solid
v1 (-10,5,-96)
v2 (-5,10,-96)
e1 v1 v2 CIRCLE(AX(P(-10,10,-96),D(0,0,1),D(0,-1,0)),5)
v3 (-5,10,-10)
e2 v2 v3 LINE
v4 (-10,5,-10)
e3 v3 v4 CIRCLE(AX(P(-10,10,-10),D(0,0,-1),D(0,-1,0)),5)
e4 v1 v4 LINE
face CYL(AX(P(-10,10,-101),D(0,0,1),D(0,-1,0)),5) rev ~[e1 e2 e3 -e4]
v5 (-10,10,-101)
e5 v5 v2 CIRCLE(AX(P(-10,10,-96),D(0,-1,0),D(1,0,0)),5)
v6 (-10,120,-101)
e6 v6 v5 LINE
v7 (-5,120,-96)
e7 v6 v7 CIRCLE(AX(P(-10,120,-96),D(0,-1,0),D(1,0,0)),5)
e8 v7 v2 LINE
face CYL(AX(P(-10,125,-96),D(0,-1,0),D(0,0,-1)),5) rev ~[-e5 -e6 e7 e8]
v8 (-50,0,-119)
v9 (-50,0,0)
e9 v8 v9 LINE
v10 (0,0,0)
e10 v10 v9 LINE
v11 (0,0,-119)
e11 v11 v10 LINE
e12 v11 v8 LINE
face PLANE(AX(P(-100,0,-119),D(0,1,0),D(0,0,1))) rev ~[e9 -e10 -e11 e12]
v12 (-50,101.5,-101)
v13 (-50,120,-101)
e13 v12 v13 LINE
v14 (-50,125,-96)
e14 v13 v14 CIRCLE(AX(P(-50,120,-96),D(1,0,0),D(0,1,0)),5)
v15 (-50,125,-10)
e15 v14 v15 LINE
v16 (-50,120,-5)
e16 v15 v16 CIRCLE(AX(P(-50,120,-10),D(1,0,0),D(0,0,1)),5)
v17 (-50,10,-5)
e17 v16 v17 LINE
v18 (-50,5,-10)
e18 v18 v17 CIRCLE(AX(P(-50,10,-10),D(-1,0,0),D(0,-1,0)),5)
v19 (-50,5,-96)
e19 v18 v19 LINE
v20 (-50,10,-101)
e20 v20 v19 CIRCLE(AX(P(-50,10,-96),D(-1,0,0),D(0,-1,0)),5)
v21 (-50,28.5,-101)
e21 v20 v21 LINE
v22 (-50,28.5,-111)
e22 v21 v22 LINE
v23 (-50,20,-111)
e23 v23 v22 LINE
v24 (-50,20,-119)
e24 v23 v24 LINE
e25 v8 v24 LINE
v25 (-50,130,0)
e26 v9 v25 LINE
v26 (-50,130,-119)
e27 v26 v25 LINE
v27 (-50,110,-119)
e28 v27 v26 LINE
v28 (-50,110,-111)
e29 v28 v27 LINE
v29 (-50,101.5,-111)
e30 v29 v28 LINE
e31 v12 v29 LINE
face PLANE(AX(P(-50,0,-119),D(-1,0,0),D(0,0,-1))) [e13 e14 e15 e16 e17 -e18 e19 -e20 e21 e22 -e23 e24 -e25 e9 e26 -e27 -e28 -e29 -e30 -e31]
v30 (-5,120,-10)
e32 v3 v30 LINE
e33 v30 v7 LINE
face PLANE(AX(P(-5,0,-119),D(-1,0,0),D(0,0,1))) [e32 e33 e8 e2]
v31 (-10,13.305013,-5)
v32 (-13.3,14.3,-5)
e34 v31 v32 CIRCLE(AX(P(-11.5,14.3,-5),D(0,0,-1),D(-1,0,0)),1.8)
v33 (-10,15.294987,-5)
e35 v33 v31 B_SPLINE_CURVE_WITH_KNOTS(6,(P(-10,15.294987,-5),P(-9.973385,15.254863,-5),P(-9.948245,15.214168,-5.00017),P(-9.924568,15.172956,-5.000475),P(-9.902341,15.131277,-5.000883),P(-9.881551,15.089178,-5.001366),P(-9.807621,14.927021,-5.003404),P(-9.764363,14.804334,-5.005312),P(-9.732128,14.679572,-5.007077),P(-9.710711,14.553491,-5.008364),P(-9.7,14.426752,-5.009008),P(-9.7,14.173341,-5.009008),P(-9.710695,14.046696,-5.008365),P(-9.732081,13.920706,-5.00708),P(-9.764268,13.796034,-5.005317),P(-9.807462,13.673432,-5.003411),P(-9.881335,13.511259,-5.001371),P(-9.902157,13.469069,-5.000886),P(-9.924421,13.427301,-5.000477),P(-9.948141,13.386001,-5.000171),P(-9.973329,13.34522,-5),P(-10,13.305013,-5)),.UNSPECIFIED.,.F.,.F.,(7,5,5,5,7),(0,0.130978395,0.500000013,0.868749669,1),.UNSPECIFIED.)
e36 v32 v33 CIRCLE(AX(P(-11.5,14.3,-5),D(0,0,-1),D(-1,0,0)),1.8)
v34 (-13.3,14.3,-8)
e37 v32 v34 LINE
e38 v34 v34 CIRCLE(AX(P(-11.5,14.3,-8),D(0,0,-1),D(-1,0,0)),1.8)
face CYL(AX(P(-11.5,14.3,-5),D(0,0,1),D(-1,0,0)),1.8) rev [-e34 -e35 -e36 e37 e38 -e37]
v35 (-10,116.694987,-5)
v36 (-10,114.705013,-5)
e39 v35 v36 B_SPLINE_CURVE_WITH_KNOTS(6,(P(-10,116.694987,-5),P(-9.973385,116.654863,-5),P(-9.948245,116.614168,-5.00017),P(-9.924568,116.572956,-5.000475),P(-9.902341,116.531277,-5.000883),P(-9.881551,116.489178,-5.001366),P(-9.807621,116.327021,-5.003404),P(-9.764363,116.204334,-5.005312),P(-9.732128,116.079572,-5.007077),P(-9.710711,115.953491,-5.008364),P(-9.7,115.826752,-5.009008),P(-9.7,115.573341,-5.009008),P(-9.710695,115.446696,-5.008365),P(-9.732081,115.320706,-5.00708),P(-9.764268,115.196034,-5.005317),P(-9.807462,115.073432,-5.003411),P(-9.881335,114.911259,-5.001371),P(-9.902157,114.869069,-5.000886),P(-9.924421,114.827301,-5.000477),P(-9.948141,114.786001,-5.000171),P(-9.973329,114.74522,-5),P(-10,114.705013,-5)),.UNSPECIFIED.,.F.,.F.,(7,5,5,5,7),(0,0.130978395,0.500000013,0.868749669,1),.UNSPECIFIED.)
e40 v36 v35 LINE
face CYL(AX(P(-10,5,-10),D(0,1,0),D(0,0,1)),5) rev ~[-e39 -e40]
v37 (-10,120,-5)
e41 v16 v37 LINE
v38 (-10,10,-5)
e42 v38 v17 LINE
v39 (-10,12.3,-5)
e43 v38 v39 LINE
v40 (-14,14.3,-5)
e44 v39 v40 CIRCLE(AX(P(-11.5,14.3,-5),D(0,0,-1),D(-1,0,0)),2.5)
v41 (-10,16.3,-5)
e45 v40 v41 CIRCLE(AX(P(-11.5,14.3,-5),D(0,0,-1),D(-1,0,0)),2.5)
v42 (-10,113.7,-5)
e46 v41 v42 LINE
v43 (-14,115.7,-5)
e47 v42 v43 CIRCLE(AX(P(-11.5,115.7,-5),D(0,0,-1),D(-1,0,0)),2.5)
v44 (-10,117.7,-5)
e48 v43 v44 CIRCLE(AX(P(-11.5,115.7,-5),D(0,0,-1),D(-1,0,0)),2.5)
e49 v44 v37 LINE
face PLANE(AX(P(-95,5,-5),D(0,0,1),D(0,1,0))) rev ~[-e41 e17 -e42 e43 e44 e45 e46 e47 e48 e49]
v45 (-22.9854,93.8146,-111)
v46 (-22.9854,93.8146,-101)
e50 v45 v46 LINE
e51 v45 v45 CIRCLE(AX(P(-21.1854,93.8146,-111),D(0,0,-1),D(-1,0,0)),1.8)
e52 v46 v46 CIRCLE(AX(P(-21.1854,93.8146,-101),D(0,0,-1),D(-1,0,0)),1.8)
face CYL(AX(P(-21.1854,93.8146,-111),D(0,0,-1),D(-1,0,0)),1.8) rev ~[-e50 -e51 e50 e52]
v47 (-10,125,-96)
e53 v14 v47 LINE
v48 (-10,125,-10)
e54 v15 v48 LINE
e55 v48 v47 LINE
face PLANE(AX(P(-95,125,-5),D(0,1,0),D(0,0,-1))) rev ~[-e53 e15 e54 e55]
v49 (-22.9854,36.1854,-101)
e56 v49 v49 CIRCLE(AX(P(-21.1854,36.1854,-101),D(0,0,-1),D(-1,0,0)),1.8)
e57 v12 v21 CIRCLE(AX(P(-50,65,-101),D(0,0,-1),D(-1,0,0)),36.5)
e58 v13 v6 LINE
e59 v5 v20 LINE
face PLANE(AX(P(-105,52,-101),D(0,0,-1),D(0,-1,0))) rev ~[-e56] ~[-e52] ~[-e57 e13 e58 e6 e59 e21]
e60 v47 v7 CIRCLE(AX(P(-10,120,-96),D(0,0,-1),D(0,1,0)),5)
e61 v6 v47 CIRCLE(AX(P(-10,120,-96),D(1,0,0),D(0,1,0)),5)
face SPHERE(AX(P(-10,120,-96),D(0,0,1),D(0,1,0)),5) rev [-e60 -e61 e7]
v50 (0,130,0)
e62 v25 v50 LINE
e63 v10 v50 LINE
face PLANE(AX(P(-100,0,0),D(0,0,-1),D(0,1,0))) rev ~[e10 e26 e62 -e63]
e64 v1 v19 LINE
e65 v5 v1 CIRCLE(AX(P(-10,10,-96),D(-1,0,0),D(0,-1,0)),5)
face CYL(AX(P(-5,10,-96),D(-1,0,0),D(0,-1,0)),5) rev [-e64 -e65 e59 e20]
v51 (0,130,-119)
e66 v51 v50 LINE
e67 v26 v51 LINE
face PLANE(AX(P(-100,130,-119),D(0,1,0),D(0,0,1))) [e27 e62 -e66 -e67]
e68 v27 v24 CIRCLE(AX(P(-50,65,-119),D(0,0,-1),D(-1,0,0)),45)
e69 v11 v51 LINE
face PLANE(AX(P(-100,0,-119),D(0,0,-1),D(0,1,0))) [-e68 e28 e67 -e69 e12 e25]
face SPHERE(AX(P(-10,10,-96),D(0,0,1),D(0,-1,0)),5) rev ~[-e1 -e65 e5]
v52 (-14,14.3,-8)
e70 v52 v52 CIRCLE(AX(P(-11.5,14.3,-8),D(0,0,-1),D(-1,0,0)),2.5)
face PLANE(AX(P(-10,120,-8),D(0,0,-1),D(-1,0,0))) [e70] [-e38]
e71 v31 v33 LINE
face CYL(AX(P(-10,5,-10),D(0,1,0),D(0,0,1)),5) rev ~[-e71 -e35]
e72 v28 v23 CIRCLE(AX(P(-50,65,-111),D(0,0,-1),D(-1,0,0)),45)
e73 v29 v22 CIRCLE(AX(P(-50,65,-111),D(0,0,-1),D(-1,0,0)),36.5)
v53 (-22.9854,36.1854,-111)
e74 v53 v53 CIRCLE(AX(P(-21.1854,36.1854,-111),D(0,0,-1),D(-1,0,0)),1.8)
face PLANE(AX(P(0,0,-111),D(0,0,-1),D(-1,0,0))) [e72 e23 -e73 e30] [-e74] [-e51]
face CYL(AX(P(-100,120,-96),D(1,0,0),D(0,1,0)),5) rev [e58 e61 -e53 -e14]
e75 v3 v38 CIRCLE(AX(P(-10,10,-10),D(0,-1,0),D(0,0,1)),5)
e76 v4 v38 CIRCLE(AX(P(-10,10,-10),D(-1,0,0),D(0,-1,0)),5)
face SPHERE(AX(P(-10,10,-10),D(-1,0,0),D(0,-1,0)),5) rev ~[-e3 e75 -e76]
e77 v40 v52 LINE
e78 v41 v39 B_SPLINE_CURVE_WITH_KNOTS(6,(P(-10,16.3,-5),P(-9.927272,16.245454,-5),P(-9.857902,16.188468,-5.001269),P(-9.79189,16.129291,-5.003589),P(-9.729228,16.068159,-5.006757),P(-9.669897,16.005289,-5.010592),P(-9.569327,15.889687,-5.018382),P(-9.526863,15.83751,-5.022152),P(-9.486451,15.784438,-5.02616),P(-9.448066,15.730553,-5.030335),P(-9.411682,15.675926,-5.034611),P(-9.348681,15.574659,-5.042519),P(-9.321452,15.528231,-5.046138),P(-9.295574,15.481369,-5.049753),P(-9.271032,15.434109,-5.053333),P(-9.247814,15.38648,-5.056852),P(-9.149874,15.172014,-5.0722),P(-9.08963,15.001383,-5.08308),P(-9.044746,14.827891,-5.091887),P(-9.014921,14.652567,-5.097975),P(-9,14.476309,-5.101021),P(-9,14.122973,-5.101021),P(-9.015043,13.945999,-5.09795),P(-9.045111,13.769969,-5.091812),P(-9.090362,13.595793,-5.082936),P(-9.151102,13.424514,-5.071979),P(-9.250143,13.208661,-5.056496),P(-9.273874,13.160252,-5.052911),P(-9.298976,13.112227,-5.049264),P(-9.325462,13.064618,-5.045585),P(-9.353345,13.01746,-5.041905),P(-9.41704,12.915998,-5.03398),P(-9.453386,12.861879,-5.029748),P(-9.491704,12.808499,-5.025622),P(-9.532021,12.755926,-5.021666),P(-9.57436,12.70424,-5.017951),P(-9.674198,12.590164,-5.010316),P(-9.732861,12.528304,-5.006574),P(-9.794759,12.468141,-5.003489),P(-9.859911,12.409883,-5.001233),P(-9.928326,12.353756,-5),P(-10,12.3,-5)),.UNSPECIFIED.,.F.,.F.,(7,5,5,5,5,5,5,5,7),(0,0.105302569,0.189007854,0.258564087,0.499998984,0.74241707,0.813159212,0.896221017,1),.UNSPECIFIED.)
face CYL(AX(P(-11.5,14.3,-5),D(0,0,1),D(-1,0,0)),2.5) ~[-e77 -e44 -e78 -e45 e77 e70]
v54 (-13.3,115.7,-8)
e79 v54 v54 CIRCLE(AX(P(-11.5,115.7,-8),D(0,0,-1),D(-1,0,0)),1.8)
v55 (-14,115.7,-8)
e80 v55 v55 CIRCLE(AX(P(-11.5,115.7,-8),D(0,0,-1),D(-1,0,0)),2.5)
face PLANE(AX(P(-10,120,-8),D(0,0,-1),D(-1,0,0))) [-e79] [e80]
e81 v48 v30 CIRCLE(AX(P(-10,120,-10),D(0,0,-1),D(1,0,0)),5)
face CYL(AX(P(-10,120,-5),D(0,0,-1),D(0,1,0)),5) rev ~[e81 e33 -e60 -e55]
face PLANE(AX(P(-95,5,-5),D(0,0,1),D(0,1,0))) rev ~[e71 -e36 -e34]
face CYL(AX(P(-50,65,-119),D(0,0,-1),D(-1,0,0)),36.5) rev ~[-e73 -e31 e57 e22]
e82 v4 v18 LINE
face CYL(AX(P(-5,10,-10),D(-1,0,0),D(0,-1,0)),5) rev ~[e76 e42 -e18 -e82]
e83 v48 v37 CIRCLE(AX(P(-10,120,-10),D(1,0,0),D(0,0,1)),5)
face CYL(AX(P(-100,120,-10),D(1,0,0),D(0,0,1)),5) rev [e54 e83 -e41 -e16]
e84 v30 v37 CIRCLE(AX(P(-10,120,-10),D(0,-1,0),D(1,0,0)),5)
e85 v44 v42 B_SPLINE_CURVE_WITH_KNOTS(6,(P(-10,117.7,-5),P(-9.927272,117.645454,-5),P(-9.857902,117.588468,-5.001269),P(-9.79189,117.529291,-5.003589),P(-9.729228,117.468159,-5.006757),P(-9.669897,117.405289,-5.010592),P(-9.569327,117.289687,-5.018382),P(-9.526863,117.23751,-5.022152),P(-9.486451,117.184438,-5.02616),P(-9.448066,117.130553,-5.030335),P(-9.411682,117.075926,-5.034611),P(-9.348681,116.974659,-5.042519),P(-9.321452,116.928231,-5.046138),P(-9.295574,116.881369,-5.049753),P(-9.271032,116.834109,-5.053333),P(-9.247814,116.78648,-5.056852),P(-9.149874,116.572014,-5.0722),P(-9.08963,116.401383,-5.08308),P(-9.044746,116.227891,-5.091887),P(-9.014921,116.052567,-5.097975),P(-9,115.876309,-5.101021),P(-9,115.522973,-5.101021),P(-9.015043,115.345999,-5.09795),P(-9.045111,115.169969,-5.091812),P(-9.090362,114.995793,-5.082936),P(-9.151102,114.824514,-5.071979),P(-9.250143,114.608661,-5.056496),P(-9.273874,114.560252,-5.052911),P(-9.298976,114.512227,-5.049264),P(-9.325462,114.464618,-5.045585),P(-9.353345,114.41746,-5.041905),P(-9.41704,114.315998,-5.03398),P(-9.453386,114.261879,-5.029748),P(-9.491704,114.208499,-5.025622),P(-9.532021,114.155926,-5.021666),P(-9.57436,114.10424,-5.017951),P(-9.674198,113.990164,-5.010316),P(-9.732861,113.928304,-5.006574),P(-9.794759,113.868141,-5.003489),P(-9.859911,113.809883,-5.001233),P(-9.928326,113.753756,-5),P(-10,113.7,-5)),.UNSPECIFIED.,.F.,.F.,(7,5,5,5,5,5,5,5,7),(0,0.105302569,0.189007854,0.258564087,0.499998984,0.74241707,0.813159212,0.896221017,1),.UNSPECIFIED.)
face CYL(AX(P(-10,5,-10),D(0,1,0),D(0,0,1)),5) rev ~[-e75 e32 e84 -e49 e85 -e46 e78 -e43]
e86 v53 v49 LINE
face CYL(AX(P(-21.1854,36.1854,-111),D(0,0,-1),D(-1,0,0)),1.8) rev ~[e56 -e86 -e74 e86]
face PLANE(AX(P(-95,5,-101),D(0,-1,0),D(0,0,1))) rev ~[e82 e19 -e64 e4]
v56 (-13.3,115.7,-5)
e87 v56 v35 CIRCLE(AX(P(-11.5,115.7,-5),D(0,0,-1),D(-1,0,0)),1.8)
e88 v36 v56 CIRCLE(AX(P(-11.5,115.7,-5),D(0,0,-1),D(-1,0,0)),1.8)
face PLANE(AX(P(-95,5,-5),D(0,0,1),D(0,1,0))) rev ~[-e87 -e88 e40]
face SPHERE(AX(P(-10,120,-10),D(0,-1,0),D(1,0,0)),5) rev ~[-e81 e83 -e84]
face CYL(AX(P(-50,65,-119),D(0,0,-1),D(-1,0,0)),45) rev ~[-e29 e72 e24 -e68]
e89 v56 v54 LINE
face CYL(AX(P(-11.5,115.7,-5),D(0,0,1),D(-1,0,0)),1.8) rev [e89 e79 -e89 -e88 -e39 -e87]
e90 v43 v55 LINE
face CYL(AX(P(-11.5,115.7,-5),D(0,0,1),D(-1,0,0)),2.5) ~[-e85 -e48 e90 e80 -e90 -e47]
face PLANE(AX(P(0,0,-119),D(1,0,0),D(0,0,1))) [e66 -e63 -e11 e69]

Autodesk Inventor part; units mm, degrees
ref_plane "YZ Plane" through (0, 0, 0) normal (1, 0, 0) x (0, 1, 0)
ref_plane "XZ Plane" through (0, 0, 0) normal (0, 1, 0) x (-1, 0, 0)
sketch "Sketch1" plane through (0, 0, 0) normal (0, 1, 0) x (-1, 0, 0)
  line L0 (0, 0) -> (100, 0)
  line L1 (100, 0) -> (100, -119)
  line L2 (100, -119) -> (0, -119)
  line L3 (0, -119) -> (0, 0)
  dimension "d0" = 119
  dimension "d1" = 100
extrude "Extrusion1" add sketch "Sketch1" along normal blind 130
sketch "Sketch2" plane through (0, 0, -119) normal (0, 0, -1) x (-1, 0, 0)
  circle A0 centre (50, 65) radius 45
  line L0 (100, 0) -> (100, 130) projected
  line L1 (0, 0) -> (0, 130) projected
  line L2 (0, 0) -> (100, 0) projected
  line L3 (0, 130) -> (100, 130) projected
  circle A1 centre (50, 65) radius 36.5
  circle A2 centre (28.0236, 99.1226) radius 1.9
  line L4 (25.6342, 102.8326) -> (74.3658, 27.1674) construction
  line L5 (12.1674, 40.6342) -> (87.8326, 89.3658) construction
  dimension "d6" = 90
  dimension "d7" = 100
  dimension "d8" = 50
  dimension "d9" = 65
  dimension "d10" = 130
  dimension "d11" = 73
  dimension "d12" = 3.8
extrude "Extrusion2" cut sketch "Sketch2" against normal blind 8 contours A0 | A1 | A2
extrude "Extrusion3" cut sketch "Sketch2" against normal blind 18 contours A1
ref_plane "Work Plane1" through (-95, 0, -119) normal (-1, 0, 0) x (0, 0, 1)
sketch "Sketch3" plane through (-95, 0, -119) normal (-1, 0, 0) x (0, 0, 1)
  line L0 (18, 28.5) -> (18, 101.5) projected
  line L1 (119, 130) -> (119, 0) projected
  line L2 (119, 0) -> (0, 0) projected
  line L3 (0, 0) -> (0, 65) projected
  line L4 (8, 65) -> (0, 65) projected
  line L5 (0, 130) -> (119, 130) projected
  line L6 (0, 65) -> (0, 130) projected
  line L7 (114, 125) -> (18, 125)
  line L8 (18, 125) -> (18, 5)
  line L9 (18, 5) -> (114, 5)
  line L10 (114, 5) -> (114, 125)
  dimension "d16" = 5
  dimension "d17" = 5
  dimension "d18" = 5
extrude "Extrusion4" cut sketch "Sketch3" against normal blind 90 and the other way blind 90 contours L0 L8 L7 L10 L9
fillet "Fillet1" radius 5 8 edges at (-52.5, 5, -5) (-5, 5, -53) (-5, 65, -5) (-5, 125, -53) (-52.5, 125, -5) (-52.5, 5, -101) (-52.5, 125, -101) (-5, 65, -101)
sketch "Sketch8" plane through (-100, 0, -119) normal (-1, 0, 0) x (0, 0, 1)
  point P0 (119, 0)
sketch "Sketch10" plane through (-100, 0, -119) normal (-1, 0, 0) x (0, 0, 1)
  line L0 (0, 0) -> (119, 0) projected
  line L1 (119, 0) -> (119, 130) projected
  line L2 (0, 130) -> (119, 130) projected
  line L3 (0, 0) -> (0, 130) projected
extrude "Extrusion10" add sketch "Sketch10" along normal blind 5
sketch "Sketch12" plane through (0, 130, 0) normal (0, 1, 0) x (1, 0, 0)
  line L0 (0, 119) -> (-105, 119) projected
  line L1 (-105, 0) -> (-105, 119) projected
  line L2 (0, 0) -> (-105, 0) projected
  line L3 (0, 0) -> (0, 119) projected
  line L4 (-105, 0) -> (-100, 0)
  line L5 (-100, 0) -> (-100, 119)
  line L6 (-100, 119) -> (-105, 119)
  line L7 (-105, 119) -> (-105, 0)
  line L8 (-100, 20) -> (-105, 25)
  line L9 (-105, 40) -> (-100, 45)
  line L10 (-105, 94) -> (-100, 99)
  line L11 (-100, 74) -> (-105, 79)
  dimension "d82" = 119
  dimension "d86" = 5
  dimension "d87" = 45
  dimension "d88" = 45
  dimension "d90" = 45
  dimension "d91" = 45
  dimension "d92" = 20
  dimension "d93" = 25
  dimension "d94" = 20
  dimension "d95" = 25
extrude "Extrusion11" cut sketch "Sketch12" against normal blind 127 contours L5 L11 L1 L10 | L8 L1 L9 L5
fillet "Fillet2" radius 1 8 edges at (-105, 66.5, -25) (-100, 127.5, -20) (-105, 66.5, -40) (-100, 127.5, -45) (-105, 66.5, -79) (-100, 127.5, -74) (-105, 66.5, -94) (-100, 127, -99)
sketch "Sketch13" plane through (-10, 120, -5) normal (0, 0, -1) x (-1, 0, 0)
  line L0 (82.5, 0) -> (-2.5, 0)
  line L1 (-2.5, 0) -> (-2.5, -110)
  line L2 (-2.5, -110) -> (82.5, -110)
  line L3 (82.5, -110) -> (82.5, 0)
  line L4 (-5, 0) -> (-5, -110) projected
  line L5 (85, -110) -> (85, 0) projected
  circle A0 centre (78.5, -4.3) radius 1.8
  circle A1 centre (78.5, -4.3) radius 2.5
  line L6 (78.5, -4.3) -> (78.5, -140.0823) construction
  line L7 (78.5, -4.3) -> (-34.9987, -4.3) construction
  line L8 (1.5, 27.6777) -> (1.5, -220.2724) construction
  line L9 (-45.8754, -105.7) -> (99.6232, -105.7) construction
  line L10 (80, 5) -> (0, 5) construction
  line L11 (0, -115) -> (80, -115) construction
  circle A2 centre (78.5, -105.7) radius 1.8
  circle A3 centre (78.5, -105.7) radius 2.5
  circle A4 centre (1.5, -105.7) radius 1.8
  circle A5 centre (1.5, -105.7) radius 2.5
  circle A6 centre (1.5, -4.3) radius 1.8
  circle A7 centre (1.5, -4.3) radius 2.5
  point P0 (-10, -120)
  dimension "d97" = 85
  dimension "d98" = 110
  dimension "d99" = 90
  dimension "d100" = 2.5
  dimension "d101" = 4
  dimension "d102" = 4.3
  dimension "d103" = 3.6
  dimension "d104" = 5
  dimension "d105" = 4.3
  dimension "d107" = 120
  dimension "d108" = 5
  dimension "d109" = 4
  dimension "d110" = 3.6
  dimension "d111" = 5
  dimension "d112" = 3.6
  dimension "d113" = 5
  dimension "d114" = 3.6
  dimension "d115" = 5
extrude "Extrusion12" add sketch "Sketch13" along normal blind 3 contours A1 | A3 | A5 | A7
sketch "Sketch14" plane through (-105, 0, -119) normal (-1, 0, 0) x (0, 0, 1)
  line L0 (19.5, 52) -> (19.5, 34) construction
  line L1 (18, 52) -> (18, 34)
  line L2 (21, 34) -> (21, 52)
  arc A0 (21, 52) -> (18, 52) centre (19.5, 52) ccw
  arc A1 (18, 34) -> (21, 34) centre (19.5, 34) ccw
  line L3 (0, 130) -> (0, 0) projected
  line L4 (0, 0) -> (119, 0) projected
  point P0 (19.5, 43)
  dimension "d118" = 18
  dimension "d119" = 3
  dimension "d121" = 18
  dimension "d122" = 34
extrude "Extrusion13" cut sketch "Sketch14" against normal blind 20
sketch "Sketch15" plane through (-50, 65, -111) normal (0, 0, -1) x (-1, 0, 0)
  circle A0 centre (0, 0) radius 45 construction
  line L0 (31.8198, 31.8198) -> (-31.8198, -31.8198) construction
  line L1 (31.8198, -31.8198) -> (-31.8198, 31.8198) construction
  circle A1 centre (0, 0) radius 36.5 construction
  circle A2 centre (0, 0) radius 40.75 construction
  line L2 (0, -45) -> (0, 45) construction
  line L3 (-40, -60) -> (40, -60) construction
  circle A3 centre (28.8146, 28.8146) radius 1.8
  circle A4 centre (-28.8146, 28.8146) radius 1.8
  circle A5 centre (28.8146, -28.8146) radius 1.8
  circle A6 centre (-28.8146, -28.8146) radius 1.8
  point P0 (-50, -65)
  dimension "d125" = 45
  dimension "d126" = 73
  dimension "d129" = 90
  dimension "d130" = 4.25
  dimension "d131" = 3.6
  dimension "d135" = 3.6
  dimension "d136" = 3.6
  dimension "d137" = 3.6
extrude "Extrusion14" cut sketch "Sketch15" against normal blind 40
ref_plane "Work Plane2" through (-50, 0, -119) normal (-1, 0, 0) x (0, 0, 1)
split "Split1" plane through (-50, 0, -119) removes the side toward (-1, 0, 0)
sketch "Sketch18" plane through (-50, 0, -119) normal (-1, 0, 0) x (0, 0, 1)
  line L0 (8, 110) -> (0, 110) projected
  line L1 (8, 101.5) -> (8, 110) projected
  line L2 (18, 101.5) -> (8, 101.5) projected
  line L3 (18, 120) -> (18, 101.5) projected
  arc A0 (23, 125) -> (18, 120) centre (23, 120) ccw projected
  line L4 (109, 125) -> (23, 125) projected
  arc A1 (114, 120) -> (109, 125) centre (109, 120) ccw projected
  line L5 (114, 10) -> (114, 120) projected
  arc A2 (109, 5) -> (114, 10) centre (109, 10) ccw projected
  line L6 (23, 5) -> (109, 5) projected
  arc A3 (18, 10) -> (23, 5) centre (23, 10) ccw projected
  line L7 (18, 28.5) -> (18, 10) projected
  line L8 (8, 28.5) -> (18, 28.5) projected
  line L9 (8, 20) -> (8, 28.5) projected
  line L10 (0, 20) -> (8, 20) projected
  line L11 (0, 0) -> (0, 20) projected
  line L12 (119, 0) -> (0, 0) projected
  line L13 (119, 130) -> (119, 0) projected
  line L14 (0, 130) -> (119, 130) projected
  line L15 (0, 110) -> (0, 130) projected
  line L16 (117.7, 1.3) -> (1.3, 1.3)
  line L17 (1.3, 1.3) -> (1.3, 18.7)
  line L18 (1.3, 18.7) -> (9.3, 18.7)
  line L19 (9.3, 18.7) -> (9.3, 27.2)
  line L20 (9.3, 27.2) -> (16.7, 27.2)
  line L21 (16.7, 27.2) -> (16.7, 10)
  arc A4 (16.7, 10) -> (23, 3.7) centre (23, 10) ccw
  line L22 (23, 3.7) -> (109, 3.7)
  arc A5 (109, 3.7) -> (115.3, 10) centre (109, 10) ccw
  line L23 (115.3, 10) -> (115.3, 120)
  arc A6 (115.3, 120) -> (109, 126.3) centre (109, 120) ccw
  line L24 (109, 126.3) -> (23, 126.3)
  arc A7 (23, 126.3) -> (16.7, 120) centre (23, 120) ccw
  line L25 (16.7, 120) -> (16.7, 102.8)
  line L26 (16.7, 102.8) -> (9.3, 102.8)
  line L27 (9.3, 102.8) -> (9.3, 111.3)
  line L28 (9.3, 111.3) -> (1.3, 111.3)
  line L29 (1.3, 111.3) -> (1.3, 128.7)
  line L30 (1.3, 128.7) -> (117.7, 128.7)
  line L31 (117.7, 128.7) -> (117.7, 1.3)
  dimension "d140" = 1.3
equation "\"d8\" = 0.5 * d7"
equation "\"d9\" = 0.5 * d10"
equation "\"d100\" = -0.5 * d97 + 0.5 * d99"
equation "\"d108\" = -0.5 * d98 + 0.5 * d107"
equation "\"d130\" = -0.25 * d126 + 0.25 * d129"
equation "\"d135\" = d131"
equation "\"d136\" = d131"
equation "\"d137\" = d131"
properties part number "wooferBox"
